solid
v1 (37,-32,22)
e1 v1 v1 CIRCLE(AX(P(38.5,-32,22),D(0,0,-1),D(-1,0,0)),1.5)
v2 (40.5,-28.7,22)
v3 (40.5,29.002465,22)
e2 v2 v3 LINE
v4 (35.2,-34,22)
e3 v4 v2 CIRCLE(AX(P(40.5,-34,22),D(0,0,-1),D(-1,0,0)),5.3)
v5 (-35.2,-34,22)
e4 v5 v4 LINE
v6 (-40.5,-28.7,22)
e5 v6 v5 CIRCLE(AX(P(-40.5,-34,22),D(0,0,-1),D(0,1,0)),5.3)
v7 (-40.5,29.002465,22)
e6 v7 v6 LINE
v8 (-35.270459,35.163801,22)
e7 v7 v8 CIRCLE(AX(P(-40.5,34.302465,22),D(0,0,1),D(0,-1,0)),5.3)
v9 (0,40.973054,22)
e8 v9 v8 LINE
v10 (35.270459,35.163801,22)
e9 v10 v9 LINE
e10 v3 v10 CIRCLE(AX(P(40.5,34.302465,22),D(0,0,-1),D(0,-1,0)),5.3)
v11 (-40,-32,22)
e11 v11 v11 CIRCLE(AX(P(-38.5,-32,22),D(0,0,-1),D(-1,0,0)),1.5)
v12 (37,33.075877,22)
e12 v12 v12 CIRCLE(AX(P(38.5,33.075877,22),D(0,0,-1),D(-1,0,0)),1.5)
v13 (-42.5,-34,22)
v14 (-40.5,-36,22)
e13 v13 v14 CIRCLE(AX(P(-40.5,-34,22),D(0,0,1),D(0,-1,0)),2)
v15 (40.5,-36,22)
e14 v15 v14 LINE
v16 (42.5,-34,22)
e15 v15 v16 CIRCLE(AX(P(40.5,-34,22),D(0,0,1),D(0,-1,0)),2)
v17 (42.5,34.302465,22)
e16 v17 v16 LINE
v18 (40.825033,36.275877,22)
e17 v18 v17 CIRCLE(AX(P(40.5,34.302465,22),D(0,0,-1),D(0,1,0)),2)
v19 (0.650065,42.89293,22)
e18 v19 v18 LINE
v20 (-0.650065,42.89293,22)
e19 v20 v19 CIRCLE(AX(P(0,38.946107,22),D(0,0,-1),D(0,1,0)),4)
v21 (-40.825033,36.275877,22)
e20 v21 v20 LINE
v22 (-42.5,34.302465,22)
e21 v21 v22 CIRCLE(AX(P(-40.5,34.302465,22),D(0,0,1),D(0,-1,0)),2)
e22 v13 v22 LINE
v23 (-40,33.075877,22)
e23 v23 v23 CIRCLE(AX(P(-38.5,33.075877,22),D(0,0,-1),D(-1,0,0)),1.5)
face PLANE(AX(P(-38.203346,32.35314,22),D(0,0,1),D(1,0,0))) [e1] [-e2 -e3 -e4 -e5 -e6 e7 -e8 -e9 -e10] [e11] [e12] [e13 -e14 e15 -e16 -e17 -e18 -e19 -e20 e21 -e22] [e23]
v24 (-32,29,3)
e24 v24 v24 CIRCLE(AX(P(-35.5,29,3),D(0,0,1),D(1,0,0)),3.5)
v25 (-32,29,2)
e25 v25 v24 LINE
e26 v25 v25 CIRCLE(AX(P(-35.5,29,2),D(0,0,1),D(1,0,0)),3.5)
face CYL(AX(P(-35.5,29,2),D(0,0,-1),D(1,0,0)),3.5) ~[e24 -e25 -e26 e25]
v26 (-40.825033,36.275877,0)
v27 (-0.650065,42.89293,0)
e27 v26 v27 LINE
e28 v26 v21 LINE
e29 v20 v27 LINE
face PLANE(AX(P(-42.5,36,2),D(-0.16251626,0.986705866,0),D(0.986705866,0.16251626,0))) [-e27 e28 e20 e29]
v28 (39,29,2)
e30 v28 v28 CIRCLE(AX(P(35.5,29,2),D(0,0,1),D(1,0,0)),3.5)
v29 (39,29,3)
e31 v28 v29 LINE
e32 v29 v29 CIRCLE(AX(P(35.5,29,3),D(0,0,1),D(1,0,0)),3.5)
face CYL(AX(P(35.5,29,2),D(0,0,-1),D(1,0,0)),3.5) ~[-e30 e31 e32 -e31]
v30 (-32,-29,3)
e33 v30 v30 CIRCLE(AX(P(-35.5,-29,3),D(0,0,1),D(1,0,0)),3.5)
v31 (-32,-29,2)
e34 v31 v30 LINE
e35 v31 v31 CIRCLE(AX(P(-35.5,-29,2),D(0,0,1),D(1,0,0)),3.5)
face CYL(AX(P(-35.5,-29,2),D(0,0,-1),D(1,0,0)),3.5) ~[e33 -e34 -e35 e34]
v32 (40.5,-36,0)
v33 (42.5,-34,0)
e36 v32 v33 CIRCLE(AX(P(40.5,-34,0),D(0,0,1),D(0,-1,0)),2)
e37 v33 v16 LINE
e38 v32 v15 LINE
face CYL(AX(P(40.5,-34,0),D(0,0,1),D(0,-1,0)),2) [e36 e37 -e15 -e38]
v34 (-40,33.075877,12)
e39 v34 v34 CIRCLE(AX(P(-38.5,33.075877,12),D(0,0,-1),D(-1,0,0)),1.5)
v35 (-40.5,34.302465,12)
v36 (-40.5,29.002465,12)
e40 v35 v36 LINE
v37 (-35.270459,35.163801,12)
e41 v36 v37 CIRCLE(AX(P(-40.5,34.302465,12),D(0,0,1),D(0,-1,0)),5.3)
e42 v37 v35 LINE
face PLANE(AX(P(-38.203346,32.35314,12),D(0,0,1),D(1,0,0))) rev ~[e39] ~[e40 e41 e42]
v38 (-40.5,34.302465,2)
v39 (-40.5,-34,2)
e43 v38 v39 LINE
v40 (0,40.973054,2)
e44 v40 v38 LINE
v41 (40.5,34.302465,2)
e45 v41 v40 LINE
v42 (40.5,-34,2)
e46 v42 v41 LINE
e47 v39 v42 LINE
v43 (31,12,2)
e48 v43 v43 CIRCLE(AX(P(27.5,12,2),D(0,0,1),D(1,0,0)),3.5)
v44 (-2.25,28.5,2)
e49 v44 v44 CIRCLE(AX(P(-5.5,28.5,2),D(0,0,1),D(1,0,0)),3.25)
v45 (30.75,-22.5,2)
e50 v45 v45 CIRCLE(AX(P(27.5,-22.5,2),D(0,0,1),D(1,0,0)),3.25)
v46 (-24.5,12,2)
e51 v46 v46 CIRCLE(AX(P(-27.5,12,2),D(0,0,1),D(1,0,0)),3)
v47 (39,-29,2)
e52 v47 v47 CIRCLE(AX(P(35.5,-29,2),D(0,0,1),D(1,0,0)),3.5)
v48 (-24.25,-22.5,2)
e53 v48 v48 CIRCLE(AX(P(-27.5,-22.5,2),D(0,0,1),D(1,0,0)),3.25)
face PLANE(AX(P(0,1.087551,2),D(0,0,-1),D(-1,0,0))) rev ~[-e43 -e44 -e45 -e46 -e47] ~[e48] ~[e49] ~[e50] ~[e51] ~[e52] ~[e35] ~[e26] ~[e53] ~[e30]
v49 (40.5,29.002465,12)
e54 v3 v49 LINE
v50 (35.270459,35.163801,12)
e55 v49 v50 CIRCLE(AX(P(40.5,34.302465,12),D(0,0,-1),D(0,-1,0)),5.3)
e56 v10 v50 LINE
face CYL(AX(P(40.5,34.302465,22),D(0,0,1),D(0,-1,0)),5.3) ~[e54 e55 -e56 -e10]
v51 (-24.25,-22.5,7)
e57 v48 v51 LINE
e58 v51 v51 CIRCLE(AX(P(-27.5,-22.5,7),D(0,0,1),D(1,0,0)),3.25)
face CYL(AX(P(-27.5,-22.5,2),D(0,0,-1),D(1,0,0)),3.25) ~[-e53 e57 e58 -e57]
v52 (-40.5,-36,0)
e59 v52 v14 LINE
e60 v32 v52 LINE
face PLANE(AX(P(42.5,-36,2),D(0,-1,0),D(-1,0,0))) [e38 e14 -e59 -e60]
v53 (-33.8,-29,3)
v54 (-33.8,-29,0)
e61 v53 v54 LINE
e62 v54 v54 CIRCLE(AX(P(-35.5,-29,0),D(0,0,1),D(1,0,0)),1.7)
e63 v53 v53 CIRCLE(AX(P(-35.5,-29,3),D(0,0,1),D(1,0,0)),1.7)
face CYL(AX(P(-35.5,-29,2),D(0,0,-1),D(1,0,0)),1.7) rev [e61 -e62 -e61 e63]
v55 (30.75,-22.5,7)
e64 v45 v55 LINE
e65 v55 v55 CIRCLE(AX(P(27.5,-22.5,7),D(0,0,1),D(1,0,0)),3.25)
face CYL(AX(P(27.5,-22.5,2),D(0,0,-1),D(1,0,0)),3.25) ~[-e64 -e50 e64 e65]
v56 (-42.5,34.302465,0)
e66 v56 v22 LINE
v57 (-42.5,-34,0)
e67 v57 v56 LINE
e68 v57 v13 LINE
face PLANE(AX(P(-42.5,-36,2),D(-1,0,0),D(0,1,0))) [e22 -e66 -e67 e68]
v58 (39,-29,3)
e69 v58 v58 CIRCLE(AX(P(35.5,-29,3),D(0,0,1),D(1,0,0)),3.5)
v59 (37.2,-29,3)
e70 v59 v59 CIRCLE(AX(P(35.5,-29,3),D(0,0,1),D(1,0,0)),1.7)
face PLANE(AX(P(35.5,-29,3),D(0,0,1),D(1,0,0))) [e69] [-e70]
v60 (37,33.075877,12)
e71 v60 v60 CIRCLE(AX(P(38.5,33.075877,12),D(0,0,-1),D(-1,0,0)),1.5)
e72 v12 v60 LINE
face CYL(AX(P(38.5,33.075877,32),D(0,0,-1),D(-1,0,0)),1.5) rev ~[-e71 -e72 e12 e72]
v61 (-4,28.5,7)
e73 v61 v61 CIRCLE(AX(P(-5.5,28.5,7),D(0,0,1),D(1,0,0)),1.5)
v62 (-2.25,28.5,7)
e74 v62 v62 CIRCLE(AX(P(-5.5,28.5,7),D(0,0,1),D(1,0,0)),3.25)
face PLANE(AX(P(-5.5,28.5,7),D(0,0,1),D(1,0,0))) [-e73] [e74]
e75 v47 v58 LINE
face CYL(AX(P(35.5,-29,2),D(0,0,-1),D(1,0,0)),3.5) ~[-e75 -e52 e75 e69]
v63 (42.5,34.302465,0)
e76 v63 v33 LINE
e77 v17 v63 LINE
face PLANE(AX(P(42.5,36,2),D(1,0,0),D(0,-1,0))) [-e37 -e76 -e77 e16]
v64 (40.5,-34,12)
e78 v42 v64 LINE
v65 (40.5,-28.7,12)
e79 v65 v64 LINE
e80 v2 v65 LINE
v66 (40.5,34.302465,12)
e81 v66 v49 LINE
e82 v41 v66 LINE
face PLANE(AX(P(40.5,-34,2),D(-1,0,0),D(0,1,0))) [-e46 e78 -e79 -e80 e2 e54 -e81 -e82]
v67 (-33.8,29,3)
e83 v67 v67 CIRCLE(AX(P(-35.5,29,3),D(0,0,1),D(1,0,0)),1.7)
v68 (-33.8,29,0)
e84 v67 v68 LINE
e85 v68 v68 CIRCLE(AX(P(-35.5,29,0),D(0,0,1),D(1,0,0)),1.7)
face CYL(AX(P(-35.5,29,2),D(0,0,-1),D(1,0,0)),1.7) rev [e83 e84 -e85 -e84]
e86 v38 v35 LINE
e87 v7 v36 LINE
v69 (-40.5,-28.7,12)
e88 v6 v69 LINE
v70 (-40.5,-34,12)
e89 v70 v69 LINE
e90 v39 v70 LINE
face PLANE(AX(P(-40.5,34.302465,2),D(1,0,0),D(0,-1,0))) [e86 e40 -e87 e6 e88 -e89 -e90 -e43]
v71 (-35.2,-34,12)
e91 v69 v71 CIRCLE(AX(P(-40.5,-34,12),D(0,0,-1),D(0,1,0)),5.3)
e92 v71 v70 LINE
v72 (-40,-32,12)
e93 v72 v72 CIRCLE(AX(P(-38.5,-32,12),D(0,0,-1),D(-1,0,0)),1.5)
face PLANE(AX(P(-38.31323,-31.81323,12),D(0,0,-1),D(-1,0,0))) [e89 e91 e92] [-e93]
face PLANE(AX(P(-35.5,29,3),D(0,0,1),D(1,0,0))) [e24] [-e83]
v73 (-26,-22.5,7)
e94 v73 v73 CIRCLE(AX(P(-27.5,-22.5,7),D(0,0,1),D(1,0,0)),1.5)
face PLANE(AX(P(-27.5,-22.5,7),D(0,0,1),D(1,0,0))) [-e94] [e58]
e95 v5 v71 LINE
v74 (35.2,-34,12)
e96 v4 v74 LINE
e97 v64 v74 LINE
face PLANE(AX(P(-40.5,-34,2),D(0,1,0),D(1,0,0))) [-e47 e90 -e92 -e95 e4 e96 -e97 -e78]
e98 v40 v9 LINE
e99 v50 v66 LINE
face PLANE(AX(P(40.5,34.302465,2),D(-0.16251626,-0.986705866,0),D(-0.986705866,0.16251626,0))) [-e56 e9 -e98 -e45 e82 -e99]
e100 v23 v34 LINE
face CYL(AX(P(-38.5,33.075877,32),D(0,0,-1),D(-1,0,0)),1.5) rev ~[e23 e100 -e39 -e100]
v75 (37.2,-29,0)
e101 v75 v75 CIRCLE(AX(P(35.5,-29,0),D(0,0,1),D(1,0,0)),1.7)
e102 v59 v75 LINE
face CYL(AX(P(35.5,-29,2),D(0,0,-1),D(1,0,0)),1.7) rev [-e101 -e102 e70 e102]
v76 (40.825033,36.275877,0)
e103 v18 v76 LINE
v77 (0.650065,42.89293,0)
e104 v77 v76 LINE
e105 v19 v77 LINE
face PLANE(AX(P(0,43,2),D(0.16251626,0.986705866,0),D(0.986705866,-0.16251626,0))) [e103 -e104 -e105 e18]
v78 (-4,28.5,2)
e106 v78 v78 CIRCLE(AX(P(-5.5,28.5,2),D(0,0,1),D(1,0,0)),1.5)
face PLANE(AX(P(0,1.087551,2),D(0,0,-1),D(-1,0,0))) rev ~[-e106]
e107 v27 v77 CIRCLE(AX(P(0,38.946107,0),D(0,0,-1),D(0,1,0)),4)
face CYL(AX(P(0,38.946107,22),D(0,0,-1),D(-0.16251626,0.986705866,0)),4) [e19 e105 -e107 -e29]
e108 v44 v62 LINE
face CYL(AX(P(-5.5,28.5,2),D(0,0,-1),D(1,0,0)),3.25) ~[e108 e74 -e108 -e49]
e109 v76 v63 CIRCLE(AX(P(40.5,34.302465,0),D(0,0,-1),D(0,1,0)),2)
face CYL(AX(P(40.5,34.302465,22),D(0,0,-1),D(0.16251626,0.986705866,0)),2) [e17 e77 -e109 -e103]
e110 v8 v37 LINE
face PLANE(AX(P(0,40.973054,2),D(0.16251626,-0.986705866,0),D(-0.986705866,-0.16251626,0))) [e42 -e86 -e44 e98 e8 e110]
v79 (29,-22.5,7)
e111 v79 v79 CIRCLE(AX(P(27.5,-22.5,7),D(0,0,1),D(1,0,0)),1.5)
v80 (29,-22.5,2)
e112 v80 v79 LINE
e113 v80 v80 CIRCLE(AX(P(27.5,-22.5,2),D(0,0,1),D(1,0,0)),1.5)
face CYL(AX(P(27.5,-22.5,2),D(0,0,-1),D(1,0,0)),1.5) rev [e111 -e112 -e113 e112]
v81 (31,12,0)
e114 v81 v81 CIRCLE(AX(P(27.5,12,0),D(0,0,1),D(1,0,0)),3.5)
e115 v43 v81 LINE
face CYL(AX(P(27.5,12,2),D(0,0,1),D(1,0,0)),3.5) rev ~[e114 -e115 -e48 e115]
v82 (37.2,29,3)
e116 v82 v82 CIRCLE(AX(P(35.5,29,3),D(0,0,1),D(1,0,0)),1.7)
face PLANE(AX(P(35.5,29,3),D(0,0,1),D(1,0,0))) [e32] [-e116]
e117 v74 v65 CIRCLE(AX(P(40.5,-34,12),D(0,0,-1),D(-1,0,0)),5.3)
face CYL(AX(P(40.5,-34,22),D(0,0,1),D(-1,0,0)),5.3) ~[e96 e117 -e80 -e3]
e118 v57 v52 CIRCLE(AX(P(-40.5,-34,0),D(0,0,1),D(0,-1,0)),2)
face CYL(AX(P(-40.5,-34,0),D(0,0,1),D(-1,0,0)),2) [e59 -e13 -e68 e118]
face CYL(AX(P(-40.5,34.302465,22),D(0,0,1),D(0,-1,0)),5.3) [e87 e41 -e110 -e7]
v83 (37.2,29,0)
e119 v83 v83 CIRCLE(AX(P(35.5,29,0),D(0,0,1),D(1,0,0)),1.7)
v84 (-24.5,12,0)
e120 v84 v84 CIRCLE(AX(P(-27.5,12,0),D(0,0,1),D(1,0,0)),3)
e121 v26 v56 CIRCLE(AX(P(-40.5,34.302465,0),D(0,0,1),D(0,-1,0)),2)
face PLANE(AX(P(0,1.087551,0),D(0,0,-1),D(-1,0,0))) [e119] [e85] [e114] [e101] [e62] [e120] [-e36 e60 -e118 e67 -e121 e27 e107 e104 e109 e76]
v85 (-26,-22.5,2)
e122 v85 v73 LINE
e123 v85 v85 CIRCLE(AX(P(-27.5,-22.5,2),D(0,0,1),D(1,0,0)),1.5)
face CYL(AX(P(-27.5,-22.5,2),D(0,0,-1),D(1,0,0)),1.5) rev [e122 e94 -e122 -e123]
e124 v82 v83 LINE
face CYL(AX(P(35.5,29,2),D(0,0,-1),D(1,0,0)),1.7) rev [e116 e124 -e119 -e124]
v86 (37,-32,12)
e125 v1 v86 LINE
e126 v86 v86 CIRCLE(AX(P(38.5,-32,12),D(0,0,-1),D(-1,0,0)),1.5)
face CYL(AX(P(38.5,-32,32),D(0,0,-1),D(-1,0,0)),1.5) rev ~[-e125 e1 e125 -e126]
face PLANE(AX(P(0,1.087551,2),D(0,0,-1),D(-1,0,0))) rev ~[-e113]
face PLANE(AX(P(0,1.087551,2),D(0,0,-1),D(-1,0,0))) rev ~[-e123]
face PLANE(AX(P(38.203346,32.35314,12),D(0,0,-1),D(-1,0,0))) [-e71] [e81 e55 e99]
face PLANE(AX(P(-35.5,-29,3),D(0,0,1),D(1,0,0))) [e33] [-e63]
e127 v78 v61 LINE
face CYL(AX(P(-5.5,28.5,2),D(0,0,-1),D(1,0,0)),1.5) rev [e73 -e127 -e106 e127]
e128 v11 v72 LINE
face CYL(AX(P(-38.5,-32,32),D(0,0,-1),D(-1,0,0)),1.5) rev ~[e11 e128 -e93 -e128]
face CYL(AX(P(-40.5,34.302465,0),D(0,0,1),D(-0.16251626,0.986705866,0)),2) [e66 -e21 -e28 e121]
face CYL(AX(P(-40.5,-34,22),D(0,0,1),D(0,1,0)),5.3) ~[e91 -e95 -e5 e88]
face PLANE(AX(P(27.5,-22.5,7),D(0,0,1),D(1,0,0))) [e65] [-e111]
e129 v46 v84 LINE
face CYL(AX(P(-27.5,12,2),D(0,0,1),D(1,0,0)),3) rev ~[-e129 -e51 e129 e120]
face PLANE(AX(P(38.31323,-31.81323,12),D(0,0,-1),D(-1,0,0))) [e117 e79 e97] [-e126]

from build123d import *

# Parameters (mm, degrees)
SCHIZZO6_R                       = 1.7
ESTRUSIONE_ESTRUSIONE1_DEPTH     = 2
ESTRUSIONE_ESTRUSIONE2_DEPTH     = 20
SCHIZZO9_R                       = 3.5
SCHIZZO9_R_2                     = 1.7
ESTRUSIONE_FORI_CHASSIS_DEPTH    = 1
SCHIZZO10_R                      = 3.25
SCHIZZO10_R_2                    = 1.5
ESTRUSIONE_FORI_PCB_DEPTH        = 5
RACCORDO1_R                      = 4
RACCORDO2_R                      = 2
RACCORDO3_R                      = 2
RACCORDO4_R                      = 2
RACCORDO5_R                      = 2
ESTRUSIONE_ESTRUSIONE3_DEPTH     = 10
FORO_PER_VITE_M2_1_D             = 3
FORO_PER_VITE_M2_1_DEPTH         = 10
TAGLIO_FORI_PASSAGGIO_CAVI_REACH = 65.644
SCHIZZO15_R                      = 3.5
SCHIZZO15_R_2                    = 3


with BuildPart() as part:
    # Schizzo6 → Estrusione-Estrusione1 (new body)
    with BuildSketch(Plane.XY):
        Polygon((-42.5, 36), (0, 43), (42.5, 36), (42.5, -36), (-42.5, -36), align=None)
        with Locations((-35.5, 29)):
            Circle(SCHIZZO6_R, mode=Mode.SUBTRACT)
        with Locations((35.5, 29)):
            Circle(SCHIZZO6_R, mode=Mode.SUBTRACT)
        with Locations((35.5, -29)):
            Circle(SCHIZZO6_R, mode=Mode.SUBTRACT)
        with Locations((-35.5, -29)):
            Circle(SCHIZZO6_R, mode=Mode.SUBTRACT)
    extrude(amount=ESTRUSIONE_ESTRUSIONE1_DEPTH)

    # Schizzo8 → Estrusione-Estrusione2 (add)
    with BuildSketch(Plane.XY.offset(2)):
        Polygon((-42.5, 36), (0, 43), (42.5, 36), (42.5, -36), (-42.5, -36), align=None)
        Polygon((-40.5, 34.302465265), (-40.5, -34), (40.5, -34), (40.5, 34.302465265), (0, 40.973053501), align=None, mode=Mode.SUBTRACT)
    extrude(amount=ESTRUSIONE_ESTRUSIONE2_DEPTH)

    # Schizzo9 → Estrusione-Fori Chassis (add)
    # profile 1 of 4: a face of its own
    with BuildSketch(Plane.XY.offset(2)):
        with Locations((-35.5, 29)):
            Circle(SCHIZZO9_R)
        with Locations((-35.5, 29)):
            Circle(SCHIZZO9_R_2, mode=Mode.SUBTRACT)
    # profile 2 of 4: a face of its own
    with BuildSketch(Plane.XY.offset(2)):
        with Locations((-35.5, -29)):
            Circle(SCHIZZO9_R)
        with Locations((-35.5, -29)):
            Circle(SCHIZZO9_R_2, mode=Mode.SUBTRACT)
    # profile 3 of 4: a face of its own
    with BuildSketch(Plane.XY.offset(2)):
        with Locations((35.5, -29)):
            Circle(SCHIZZO9_R)
        with Locations((35.5, -29)):
            Circle(SCHIZZO9_R_2, mode=Mode.SUBTRACT)
    # profile 4 of 4: a face of its own
    with BuildSketch(Plane.XY.offset(2)):
        with Locations((35.5, 29)):
            Circle(SCHIZZO9_R)
        with Locations((35.5, 29)):
            Circle(SCHIZZO9_R_2, mode=Mode.SUBTRACT)
    extrude(amount=ESTRUSIONE_FORI_CHASSIS_DEPTH)

    # Schizzo10 → Estrusione-Fori PCB (add)
    # profile 1 of 3: a face of its own
    with BuildSketch(Plane.XY.offset(2)):
        with Locations((-27.5, -22.5)):
            Circle(SCHIZZO10_R)
        with Locations((-27.5, -22.5)):
            Circle(SCHIZZO10_R_2, mode=Mode.SUBTRACT)
    # profile 2 of 3: a face of its own
    with BuildSketch(Plane.XY.offset(2)):
        with Locations((-5.5, 28.5)):
            Circle(SCHIZZO10_R)
        with Locations((-5.5, 28.5)):
            Circle(SCHIZZO10_R_2, mode=Mode.SUBTRACT)
    # profile 3 of 3: a face of its own
    with BuildSketch(Plane.XY.offset(2)):
        with Locations((27.5, -22.5)):
            Circle(SCHIZZO10_R)
        with Locations((27.5, -22.5)):
            Circle(SCHIZZO10_R_2, mode=Mode.SUBTRACT)
    extrude(amount=ESTRUSIONE_FORI_PCB_DEPTH)

    # Raccordo1
    raccordo1_edges = [part.edges().sort_by_distance(p)[0] for p in [
        (0, 43, 11),
    ]]
    fillet(raccordo1_edges, radius=RACCORDO1_R)

    # Raccordo2
    raccordo2_edges = [part.edges().sort_by_distance(p)[0] for p in [
        (42.5, 36, 11),
    ]]
    fillet(raccordo2_edges, radius=RACCORDO2_R)

    # Raccordo3
    raccordo3_edges = [part.edges().sort_by_distance(p)[0] for p in [
        (-42.5, 36, 11),
    ]]
    fillet(raccordo3_edges, radius=RACCORDO3_R)

    # Raccordo4
    raccordo4_edges = [part.edges().sort_by_distance(p)[0] for p in [
        (-42.5, -36, 11),
    ]]
    fillet(raccordo4_edges, radius=RACCORDO4_R)

    # Raccordo5
    raccordo5_edges = [part.edges().sort_by_distance(p)[0] for p in [
        (42.5, -36, 11),
    ]]
    fillet(raccordo5_edges, radius=RACCORDO5_R)

    # Schizzo11 → Estrusione-Estrusione3 (add)
    with BuildSketch(Plane.XY.offset(22)):
        with BuildLine():
            Line((-35.270458912, 35.163801445), (-40.5, 34.302465265))
            Line((-40.5, 34.302465265), (-40.5, 29.002465265))
            ThreePointArc((-40.5, 29.002465265), (-36.45926481, 30.872821097), (-35.270458912, 35.163801445))
        make_face()
        with BuildLine():
            Line((-35.2, -34), (-40.5, -34))
            Line((-40.5, -34), (-40.5, -28.7))
            ThreePointArc((-40.5, -28.7), (-36.75233406, -30.25233406), (-35.2, -34))
        make_face()
        with BuildLine():
            Line((40.5, -28.7), (40.5, -34))
            Line((40.5, -34), (35.2, -34))
            ThreePointArc((35.2, -34), (36.75233406, -30.25233406), (40.5, -28.7))
        make_face()
        with BuildLine():
            Line((35.270458912, 35.163801445), (40.5, 34.302465265))
            Line((40.5, 34.302465265), (40.5, 29.002465265))
            ThreePointArc((40.5, 29.002465265), (36.45926481, 30.872821097), (35.270458912, 35.163801445))
        make_face()
    extrude(amount=-ESTRUSIONE_ESTRUSIONE3_DEPTH)

    # Foro per Vite M2-1
    with Locations(Plane.XY.offset(22)):
        with Locations((-38.5, 33.075876997), (-38.5, -32), (38.5, -32), (38.5, 33.075876997)):
            Hole(FORO_PER_VITE_M2_1_D / 2, depth=FORO_PER_VITE_M2_1_DEPTH)

    # Schizzo15 → Taglio-Fori Passaggio Cavi (cut, up to next)
    with BuildSketch(Plane.XY.offset(2), mode=Mode.PRIVATE) as taglio_fori_passaggio_cavi_sk1:
        with Locations((27.5, 12)):
            Circle(SCHIZZO15_R)
    taglio_fori_passaggio_cavi_tool1 = extrude(taglio_fori_passaggio_cavi_sk1.sketch, amount=-TAGLIO_FORI_PASSAGGIO_CAVI_REACH, mode=Mode.PRIVATE) & part.part
    # Schizzo15 → Taglio-Fori Passaggio Cavi (cut, up to next)
    with BuildSketch(Plane.XY.offset(2), mode=Mode.PRIVATE) as taglio_fori_passaggio_cavi_sk2:
        with Locations((-27.5, 12)):
            Circle(SCHIZZO15_R_2)
    taglio_fori_passaggio_cavi_tool2 = extrude(taglio_fori_passaggio_cavi_sk2.sketch, amount=-TAGLIO_FORI_PASSAGGIO_CAVI_REACH, mode=Mode.PRIVATE) & part.part
    add(taglio_fori_passaggio_cavi_tool1.solids().sort_by_distance((27.5, 12, 2))[0], mode=Mode.SUBTRACT)
    add(taglio_fori_passaggio_cavi_tool2.solids().sort_by_distance((-27.5, 12, 2))[0], mode=Mode.SUBTRACT)


solid = part.part
